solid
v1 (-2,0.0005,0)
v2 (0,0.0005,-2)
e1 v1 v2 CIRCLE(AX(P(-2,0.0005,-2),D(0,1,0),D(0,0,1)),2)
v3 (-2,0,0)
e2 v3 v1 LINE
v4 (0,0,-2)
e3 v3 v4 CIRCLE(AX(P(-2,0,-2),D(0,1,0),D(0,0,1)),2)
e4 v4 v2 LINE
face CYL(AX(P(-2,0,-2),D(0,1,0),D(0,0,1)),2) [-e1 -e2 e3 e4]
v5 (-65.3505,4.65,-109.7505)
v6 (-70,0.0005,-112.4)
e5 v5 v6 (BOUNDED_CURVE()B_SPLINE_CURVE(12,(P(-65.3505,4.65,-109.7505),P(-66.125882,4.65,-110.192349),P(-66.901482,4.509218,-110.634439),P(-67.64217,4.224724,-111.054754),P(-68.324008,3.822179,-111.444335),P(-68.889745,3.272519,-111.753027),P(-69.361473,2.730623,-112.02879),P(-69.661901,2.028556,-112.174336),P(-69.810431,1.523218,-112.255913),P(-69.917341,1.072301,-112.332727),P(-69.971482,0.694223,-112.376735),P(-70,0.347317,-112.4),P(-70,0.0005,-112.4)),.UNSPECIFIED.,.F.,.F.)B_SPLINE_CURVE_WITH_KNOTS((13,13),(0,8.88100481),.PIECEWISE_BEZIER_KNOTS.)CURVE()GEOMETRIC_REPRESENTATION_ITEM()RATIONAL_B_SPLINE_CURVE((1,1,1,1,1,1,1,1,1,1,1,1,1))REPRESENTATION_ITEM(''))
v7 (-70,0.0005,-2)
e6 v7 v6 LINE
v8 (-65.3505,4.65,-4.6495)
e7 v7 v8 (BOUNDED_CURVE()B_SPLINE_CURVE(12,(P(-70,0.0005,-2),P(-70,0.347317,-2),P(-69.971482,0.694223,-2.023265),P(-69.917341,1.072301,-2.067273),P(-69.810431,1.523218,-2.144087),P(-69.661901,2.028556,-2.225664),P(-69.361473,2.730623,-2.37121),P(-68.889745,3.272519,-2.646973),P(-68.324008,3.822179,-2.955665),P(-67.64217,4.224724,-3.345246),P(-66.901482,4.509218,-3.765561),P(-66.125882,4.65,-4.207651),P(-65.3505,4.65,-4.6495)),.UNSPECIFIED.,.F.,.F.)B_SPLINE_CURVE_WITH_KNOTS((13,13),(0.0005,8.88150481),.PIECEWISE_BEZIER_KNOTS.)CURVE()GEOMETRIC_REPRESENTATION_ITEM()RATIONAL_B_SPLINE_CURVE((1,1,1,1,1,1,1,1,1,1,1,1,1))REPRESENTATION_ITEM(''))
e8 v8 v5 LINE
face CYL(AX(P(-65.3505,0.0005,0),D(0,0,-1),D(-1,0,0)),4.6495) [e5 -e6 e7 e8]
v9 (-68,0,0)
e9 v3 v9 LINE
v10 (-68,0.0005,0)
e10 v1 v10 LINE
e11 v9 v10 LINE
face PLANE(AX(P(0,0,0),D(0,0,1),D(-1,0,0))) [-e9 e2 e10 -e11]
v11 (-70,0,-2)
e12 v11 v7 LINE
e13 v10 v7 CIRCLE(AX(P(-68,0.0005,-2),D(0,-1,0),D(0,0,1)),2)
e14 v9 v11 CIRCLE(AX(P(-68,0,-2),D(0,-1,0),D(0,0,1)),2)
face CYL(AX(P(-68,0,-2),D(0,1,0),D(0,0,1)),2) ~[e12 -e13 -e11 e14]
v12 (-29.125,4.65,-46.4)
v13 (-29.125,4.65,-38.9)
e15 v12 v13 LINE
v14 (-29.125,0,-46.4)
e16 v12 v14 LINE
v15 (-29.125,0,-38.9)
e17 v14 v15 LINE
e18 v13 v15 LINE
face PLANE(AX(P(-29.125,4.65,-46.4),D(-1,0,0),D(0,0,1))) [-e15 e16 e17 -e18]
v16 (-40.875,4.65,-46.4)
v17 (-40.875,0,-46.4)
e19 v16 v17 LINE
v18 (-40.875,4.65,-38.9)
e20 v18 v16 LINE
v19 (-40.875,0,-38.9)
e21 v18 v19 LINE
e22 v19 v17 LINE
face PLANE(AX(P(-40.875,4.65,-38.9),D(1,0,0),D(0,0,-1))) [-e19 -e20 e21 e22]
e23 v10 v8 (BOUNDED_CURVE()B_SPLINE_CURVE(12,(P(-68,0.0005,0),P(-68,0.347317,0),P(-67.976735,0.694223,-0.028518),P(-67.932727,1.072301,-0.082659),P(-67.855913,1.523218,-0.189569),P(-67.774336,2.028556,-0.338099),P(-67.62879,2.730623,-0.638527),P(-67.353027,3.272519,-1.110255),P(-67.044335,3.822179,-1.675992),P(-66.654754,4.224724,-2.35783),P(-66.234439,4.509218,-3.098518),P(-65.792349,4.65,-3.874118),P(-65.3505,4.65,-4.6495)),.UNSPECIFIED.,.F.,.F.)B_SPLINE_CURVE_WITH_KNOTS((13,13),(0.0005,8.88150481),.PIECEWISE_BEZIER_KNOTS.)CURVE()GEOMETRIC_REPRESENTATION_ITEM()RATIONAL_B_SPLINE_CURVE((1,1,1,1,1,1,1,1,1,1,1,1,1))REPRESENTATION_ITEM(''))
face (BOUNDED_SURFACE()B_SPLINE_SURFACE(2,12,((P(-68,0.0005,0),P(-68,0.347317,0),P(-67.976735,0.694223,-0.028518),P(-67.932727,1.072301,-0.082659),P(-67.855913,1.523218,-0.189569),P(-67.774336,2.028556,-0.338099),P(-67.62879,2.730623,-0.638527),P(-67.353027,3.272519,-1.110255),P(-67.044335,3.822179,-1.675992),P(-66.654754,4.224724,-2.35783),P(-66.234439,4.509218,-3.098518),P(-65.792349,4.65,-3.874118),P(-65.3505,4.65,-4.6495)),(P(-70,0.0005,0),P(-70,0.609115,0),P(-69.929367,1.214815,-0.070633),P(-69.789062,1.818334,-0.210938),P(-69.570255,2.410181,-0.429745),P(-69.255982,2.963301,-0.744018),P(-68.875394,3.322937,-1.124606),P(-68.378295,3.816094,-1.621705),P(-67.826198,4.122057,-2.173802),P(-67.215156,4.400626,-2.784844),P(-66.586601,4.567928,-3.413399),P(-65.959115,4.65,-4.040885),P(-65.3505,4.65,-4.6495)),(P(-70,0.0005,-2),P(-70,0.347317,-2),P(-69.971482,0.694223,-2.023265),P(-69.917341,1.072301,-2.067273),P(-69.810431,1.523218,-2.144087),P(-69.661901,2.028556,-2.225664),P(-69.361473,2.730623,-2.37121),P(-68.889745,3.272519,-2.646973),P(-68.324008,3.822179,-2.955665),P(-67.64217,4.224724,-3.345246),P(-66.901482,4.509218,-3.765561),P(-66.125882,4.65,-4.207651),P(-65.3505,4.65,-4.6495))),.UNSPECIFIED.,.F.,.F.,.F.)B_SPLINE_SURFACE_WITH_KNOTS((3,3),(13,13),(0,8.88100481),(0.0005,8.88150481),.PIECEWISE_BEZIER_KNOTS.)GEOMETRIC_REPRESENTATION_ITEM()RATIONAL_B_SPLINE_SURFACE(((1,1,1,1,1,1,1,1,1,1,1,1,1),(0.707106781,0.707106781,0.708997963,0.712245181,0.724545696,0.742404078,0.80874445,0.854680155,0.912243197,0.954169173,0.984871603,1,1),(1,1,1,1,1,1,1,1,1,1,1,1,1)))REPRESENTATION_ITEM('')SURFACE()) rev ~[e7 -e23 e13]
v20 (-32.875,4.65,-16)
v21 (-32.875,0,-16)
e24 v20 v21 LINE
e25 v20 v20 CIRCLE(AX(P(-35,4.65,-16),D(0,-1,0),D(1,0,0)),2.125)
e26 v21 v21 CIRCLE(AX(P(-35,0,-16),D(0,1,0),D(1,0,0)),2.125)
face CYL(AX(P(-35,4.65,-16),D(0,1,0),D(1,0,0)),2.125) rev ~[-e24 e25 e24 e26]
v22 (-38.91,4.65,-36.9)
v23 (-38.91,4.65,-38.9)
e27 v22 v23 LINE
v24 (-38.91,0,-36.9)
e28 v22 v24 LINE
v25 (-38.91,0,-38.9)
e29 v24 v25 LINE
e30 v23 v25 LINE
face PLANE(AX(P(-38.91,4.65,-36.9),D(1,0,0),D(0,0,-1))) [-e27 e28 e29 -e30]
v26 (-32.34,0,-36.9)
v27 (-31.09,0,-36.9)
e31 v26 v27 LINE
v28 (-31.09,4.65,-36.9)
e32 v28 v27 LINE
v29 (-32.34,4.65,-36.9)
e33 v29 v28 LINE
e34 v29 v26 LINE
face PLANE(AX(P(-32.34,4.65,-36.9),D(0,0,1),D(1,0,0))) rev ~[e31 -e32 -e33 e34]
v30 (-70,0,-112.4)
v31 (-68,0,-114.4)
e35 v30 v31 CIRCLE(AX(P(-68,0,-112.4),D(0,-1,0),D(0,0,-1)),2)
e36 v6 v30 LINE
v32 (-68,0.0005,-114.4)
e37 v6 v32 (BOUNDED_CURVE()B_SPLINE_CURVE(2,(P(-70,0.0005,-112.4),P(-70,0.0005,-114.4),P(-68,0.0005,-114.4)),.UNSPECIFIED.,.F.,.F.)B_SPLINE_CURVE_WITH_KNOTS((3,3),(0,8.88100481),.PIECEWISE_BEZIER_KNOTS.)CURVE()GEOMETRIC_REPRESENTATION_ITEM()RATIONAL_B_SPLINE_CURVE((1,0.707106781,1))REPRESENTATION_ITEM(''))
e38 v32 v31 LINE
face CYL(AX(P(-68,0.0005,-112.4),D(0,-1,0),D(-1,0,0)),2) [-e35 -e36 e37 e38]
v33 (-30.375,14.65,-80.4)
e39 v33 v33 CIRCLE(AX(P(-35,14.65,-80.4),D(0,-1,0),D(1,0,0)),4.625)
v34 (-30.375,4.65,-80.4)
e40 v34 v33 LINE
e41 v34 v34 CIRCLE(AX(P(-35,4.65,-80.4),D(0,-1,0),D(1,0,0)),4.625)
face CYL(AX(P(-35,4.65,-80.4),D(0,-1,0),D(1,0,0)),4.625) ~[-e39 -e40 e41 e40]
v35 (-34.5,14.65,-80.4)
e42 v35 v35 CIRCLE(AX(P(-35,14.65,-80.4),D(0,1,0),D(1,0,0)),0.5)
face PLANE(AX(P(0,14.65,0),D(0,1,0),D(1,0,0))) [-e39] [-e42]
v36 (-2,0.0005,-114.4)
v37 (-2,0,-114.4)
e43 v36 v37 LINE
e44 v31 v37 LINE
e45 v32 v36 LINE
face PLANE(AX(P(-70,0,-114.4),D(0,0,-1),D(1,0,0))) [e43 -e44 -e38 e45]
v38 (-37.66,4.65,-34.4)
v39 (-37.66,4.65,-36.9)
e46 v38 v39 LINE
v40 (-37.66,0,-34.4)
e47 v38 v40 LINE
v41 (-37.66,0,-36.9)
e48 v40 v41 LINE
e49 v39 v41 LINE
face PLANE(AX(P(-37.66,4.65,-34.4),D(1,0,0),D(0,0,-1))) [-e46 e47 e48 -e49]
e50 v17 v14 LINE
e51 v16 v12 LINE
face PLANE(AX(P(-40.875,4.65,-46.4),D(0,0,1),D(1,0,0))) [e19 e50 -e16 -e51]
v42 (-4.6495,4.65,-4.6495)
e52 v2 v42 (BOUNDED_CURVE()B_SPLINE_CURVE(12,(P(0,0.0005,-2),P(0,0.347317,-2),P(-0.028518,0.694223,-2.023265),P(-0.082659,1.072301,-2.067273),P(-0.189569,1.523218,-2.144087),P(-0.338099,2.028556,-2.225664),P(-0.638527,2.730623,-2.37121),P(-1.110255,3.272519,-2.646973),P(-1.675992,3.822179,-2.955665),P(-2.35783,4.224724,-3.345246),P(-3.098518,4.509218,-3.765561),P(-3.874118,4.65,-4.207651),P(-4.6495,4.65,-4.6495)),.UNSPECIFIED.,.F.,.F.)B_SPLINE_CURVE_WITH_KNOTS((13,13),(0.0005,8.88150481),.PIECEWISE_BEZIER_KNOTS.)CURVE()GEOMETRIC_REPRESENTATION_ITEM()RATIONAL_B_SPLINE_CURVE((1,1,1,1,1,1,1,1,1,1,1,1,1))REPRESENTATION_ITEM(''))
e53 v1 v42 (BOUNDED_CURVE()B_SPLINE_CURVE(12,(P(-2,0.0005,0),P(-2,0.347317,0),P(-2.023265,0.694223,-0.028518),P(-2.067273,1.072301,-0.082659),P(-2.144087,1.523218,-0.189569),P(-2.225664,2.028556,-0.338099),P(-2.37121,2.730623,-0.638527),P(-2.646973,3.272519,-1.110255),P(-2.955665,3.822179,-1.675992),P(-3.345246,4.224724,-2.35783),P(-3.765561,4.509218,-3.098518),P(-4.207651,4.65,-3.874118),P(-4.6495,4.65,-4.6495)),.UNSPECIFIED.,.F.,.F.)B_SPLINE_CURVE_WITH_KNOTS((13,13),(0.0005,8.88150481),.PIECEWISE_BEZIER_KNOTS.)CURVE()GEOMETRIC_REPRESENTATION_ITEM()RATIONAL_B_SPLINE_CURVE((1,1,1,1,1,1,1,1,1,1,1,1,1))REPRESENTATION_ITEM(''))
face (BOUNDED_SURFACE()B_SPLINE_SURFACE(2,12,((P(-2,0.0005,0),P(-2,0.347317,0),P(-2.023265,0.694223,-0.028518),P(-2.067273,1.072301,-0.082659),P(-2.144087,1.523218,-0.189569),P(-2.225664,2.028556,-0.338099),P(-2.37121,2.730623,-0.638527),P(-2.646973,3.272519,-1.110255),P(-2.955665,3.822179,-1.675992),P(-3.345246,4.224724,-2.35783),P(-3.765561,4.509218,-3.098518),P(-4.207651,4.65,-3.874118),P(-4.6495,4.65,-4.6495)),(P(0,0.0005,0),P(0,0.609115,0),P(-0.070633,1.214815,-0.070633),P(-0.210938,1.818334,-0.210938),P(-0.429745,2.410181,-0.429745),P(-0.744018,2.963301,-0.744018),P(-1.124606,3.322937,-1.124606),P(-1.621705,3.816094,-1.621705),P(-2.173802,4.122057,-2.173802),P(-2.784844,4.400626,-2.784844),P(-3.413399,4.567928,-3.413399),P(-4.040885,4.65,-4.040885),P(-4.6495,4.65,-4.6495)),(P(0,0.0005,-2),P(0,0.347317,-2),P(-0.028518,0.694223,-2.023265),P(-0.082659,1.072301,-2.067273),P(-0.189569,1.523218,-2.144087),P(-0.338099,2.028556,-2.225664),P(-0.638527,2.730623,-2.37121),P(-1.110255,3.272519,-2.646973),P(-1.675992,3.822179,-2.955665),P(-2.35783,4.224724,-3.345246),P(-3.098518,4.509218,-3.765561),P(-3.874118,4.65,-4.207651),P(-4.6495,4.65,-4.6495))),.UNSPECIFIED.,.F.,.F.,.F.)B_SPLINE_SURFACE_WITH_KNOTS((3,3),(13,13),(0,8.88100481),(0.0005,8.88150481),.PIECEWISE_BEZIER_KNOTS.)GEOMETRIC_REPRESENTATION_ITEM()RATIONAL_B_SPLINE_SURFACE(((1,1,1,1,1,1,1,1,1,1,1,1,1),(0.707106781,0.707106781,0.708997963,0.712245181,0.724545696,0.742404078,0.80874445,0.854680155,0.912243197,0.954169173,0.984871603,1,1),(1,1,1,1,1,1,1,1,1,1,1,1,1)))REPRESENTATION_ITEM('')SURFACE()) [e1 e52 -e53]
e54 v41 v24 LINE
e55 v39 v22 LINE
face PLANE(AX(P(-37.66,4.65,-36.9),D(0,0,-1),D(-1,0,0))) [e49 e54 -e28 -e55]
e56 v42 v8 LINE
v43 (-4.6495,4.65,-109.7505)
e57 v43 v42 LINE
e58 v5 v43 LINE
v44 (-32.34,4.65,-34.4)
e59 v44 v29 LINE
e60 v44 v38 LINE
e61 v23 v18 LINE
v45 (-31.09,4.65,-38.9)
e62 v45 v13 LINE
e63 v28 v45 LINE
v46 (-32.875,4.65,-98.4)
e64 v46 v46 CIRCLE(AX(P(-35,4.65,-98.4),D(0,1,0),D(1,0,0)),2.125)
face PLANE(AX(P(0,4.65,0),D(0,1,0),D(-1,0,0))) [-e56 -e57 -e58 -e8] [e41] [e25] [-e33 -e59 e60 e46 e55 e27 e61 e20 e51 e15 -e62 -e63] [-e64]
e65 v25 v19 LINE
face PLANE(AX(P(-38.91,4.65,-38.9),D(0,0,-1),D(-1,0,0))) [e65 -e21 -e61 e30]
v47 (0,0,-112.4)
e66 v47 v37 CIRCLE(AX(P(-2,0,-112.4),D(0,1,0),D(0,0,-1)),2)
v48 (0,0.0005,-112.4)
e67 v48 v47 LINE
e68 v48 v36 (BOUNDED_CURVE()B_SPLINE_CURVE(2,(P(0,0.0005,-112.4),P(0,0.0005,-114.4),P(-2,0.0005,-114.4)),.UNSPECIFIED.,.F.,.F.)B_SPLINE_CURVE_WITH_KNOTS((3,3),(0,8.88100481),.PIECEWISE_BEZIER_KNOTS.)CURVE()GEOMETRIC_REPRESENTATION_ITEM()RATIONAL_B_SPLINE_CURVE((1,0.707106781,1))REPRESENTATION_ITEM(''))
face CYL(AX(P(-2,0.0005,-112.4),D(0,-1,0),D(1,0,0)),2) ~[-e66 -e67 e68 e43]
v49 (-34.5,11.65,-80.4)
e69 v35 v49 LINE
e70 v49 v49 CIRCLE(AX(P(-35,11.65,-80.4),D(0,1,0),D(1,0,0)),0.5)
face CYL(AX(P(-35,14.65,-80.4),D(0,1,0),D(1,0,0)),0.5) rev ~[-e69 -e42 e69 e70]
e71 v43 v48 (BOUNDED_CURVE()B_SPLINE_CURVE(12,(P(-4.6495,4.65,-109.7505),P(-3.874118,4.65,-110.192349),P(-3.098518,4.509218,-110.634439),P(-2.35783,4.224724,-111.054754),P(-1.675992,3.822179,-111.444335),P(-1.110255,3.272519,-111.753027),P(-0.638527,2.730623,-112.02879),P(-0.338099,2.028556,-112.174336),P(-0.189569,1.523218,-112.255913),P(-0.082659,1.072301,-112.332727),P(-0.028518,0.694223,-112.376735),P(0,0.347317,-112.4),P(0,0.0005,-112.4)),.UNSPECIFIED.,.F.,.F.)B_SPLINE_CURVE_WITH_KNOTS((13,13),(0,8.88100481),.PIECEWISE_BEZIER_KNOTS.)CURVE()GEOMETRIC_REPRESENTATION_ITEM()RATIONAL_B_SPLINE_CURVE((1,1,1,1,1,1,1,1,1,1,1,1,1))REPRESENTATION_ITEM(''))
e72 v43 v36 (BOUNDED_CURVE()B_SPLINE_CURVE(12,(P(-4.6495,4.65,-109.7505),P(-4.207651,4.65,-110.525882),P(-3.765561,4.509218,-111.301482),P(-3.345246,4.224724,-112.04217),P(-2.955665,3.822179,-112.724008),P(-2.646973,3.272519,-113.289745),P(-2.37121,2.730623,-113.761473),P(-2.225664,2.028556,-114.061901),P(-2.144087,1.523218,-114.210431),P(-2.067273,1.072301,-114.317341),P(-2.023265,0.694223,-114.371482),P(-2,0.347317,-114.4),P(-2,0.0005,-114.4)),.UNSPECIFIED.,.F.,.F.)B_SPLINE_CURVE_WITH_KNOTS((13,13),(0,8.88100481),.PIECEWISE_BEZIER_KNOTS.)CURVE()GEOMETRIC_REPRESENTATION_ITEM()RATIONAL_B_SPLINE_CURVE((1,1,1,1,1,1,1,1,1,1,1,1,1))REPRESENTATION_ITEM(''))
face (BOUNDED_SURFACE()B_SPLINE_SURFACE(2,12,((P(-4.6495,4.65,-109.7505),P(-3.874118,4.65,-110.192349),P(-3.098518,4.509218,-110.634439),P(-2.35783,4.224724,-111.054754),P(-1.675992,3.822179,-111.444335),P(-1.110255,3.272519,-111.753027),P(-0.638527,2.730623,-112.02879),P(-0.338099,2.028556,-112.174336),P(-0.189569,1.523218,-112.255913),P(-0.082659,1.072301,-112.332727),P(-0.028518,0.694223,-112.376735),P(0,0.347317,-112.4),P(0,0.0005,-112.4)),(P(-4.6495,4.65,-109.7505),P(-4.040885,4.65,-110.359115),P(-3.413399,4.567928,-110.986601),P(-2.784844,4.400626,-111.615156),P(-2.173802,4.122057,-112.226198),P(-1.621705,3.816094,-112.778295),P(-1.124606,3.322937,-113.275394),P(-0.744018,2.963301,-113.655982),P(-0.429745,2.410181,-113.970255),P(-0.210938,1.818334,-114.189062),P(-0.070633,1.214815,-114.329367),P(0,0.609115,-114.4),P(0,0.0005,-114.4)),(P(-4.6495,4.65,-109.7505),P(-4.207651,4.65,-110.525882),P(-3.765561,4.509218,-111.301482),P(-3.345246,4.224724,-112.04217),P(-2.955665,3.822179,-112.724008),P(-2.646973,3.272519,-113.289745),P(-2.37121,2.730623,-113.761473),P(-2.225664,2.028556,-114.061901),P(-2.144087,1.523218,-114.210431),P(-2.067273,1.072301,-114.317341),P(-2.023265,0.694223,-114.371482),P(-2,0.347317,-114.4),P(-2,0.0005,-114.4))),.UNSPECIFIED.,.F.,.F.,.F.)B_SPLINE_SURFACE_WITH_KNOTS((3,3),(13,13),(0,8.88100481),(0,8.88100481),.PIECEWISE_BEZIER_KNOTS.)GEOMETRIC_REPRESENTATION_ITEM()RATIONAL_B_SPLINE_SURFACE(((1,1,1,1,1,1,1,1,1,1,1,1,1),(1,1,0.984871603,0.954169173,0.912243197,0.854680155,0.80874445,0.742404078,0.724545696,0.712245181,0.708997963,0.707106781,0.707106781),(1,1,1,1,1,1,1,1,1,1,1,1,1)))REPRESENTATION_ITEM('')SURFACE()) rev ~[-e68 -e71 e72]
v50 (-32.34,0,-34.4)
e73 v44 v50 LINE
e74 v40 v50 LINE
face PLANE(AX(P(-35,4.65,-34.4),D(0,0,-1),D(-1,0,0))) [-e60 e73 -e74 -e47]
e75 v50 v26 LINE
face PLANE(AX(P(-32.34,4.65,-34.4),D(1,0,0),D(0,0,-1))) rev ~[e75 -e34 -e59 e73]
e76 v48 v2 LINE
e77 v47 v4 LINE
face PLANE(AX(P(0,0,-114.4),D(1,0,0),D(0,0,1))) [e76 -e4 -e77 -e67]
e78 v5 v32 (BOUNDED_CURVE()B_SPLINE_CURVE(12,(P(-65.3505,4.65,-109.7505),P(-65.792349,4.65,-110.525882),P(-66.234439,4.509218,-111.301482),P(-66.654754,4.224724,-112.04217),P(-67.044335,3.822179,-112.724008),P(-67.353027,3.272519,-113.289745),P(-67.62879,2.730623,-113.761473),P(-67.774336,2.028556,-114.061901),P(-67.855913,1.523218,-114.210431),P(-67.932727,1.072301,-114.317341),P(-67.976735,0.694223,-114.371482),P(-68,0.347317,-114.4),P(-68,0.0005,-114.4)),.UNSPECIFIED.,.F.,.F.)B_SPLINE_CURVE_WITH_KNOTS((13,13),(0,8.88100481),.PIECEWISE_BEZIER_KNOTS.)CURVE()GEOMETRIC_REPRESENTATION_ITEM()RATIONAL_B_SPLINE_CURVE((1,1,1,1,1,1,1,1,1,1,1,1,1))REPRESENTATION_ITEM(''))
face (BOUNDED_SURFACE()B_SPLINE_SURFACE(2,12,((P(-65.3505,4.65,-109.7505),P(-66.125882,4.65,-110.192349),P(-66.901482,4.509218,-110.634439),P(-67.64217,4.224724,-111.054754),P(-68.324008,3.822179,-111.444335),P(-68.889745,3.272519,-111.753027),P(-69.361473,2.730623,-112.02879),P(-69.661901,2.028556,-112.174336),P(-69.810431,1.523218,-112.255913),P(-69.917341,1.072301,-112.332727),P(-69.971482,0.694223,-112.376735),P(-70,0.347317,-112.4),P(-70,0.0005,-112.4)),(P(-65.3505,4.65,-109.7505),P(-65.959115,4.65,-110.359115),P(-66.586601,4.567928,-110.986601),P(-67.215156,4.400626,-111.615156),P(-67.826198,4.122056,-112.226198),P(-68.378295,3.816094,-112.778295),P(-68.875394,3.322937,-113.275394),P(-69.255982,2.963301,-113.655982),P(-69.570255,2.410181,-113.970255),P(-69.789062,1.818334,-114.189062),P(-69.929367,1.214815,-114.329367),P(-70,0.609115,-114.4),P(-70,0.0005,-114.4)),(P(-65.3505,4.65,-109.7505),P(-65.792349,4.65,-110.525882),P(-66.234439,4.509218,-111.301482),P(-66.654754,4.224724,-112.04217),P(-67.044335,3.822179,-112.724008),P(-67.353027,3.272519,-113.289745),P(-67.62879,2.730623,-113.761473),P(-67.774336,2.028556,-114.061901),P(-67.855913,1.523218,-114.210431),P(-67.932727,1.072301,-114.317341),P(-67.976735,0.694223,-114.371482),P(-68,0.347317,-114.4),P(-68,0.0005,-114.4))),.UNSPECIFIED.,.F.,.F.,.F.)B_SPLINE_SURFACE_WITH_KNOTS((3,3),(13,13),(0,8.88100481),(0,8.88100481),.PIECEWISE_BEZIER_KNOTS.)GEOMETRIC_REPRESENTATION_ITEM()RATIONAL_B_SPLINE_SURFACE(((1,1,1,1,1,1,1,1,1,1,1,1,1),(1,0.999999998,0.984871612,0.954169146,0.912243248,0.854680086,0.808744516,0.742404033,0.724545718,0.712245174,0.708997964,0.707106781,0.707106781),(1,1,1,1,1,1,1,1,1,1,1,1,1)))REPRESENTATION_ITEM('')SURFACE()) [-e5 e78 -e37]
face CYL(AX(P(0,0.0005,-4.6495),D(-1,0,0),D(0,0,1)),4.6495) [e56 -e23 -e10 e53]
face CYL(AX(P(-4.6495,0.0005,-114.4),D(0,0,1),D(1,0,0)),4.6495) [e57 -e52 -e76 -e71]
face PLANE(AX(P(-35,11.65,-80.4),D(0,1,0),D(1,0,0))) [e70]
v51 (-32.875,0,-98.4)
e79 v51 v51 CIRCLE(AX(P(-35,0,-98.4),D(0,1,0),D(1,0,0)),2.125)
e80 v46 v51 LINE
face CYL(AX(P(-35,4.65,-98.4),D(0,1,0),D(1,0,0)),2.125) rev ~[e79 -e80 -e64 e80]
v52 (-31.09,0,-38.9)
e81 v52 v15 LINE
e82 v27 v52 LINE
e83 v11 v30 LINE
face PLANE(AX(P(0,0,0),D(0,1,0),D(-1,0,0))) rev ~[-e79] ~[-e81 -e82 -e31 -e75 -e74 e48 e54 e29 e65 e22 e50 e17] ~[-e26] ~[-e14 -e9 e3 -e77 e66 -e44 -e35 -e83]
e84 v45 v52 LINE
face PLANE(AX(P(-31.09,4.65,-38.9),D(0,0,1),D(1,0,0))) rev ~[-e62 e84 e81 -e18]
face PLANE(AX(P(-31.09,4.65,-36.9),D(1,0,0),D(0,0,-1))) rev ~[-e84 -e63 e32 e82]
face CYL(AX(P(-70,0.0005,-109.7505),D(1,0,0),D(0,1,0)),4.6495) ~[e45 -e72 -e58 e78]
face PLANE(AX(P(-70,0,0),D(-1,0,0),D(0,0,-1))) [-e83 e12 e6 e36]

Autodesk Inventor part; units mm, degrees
ref_plane "YZ Plane" through (0, 0, 0) normal (1, 0, 0) x (0, 1, 0)
ref_plane "XZ Plane" through (0, 0, 0) normal (0, 1, 0) x (-1, 0, 0)
ref_plane "XY Plane" through (0, 0, 0) normal (0, 0, 1) x (1, 0, 0)
sketch "Sketch1" plane through (0, 0, 0) normal (0, 1, 0) x (-1, 0, 0)
  line L0 (0, 0) -> (70, 0)
  line L1 (70, 0) -> (70, -114.4)
  line L2 (70, -114.4) -> (0, -114.4)
  line L3 (0, -114.4) -> (0, 0)
  dimension "d0" = 70
  dimension "d1" = 114.4
extrude "Extrusion1" add sketch "Sketch1" along normal blind 4.65
sketch "Sketch2" plane through (0, 4.65, 0) normal (0, 1, 0) x (1, 0, 0)
  line L0 (-70, 0) -> (0, 0) projected
  line L1 (0, 0) -> (-35, 0)
  line L2 (-35, 0) -> (-35, 16)
  circle A0 centre (-35, 16) radius 2.125
  line L3 (0, 0) -> (0, 114.4) projected
  line L4 (0, 0) -> (0, 114.4)
  line L5 (0, 57.2) -> (13.6816, 57.2)
  circle A1 centre (-35, 98.4) radius 2.125
  dimension "d4" = 35
  dimension "d5" = 16
  dimension "d6" = 90
  dimension "d7" = 4.25
extrude "Extrusion2" cut sketch "Sketch2" against normal blind 10
fillet "Fillet1" radius 4.65 4 edges at (-35, 4.65, -114.4) (0, 4.65, -57.2) (-35, 4.65, 0) (-70, 4.65, -57.2)
fillet "Fillet2" radius 2 4 edges at (-1.3618, 3.2882, -1.3618) (-68.6382, 3.2882, -1.3618) (-68.6382, 3.2882, -113.0382) (-1.3618, 3.2882, -113.0382)
sketch "Sketch3" plane through (0, 4.65, 0) normal (0, 1, 0) x (1, 0, 0)
  line L0 (0, 0) -> (0, 34.4)
  line L1 (0, 2) -> (0, 112.4) projected
  line L2 (0, 34.4) -> (-70, 34.4)
  line L3 (-70, 112.4) -> (-70, 2) projected
  line L4 (-35, 34.4) -> (-29.125, 34.4)
  line L5 (-29.125, 34.4) -> (-40.875, 34.4)
  line L6 (-40.875, 34.4) -> (-40.875, 46.4)
  line L7 (-40.875, 46.4) -> (-29.125, 46.4)
  line L8 (-29.125, 46.4) -> (-29.125, 34.4)
  line L9 (-35, 34.4) -> (-32.34, 34.4)
  line L10 (-32.34, 34.4) -> (-32.34, 36.9)
  line L11 (-32.34, 36.9) -> (-31.09, 36.9)
  line L12 (-31.09, 36.9) -> (-31.09, 38.9)
  line L13 (-31.09, 38.9) -> (-28.2521, 38.9)
  line L14 (-35, 34.4) -> (-35, 32.315)
  line L15 (-37.66, 34.4) -> (-37.66, 36.9)
  line L16 (-37.66, 36.9) -> (-38.91, 36.9)
  line L17 (-38.91, 36.9) -> (-38.91, 38.9)
  line L18 (-38.91, 38.9) -> (-41.7479, 38.9)
  point P0 (-40.875, 38.9)
  point P1 (-29.125, 38.9)
  dimension "d12" = 34.4
  dimension "d13" = 70
  dimension "d14" = 5.875
  dimension "d15" = 11.75
  dimension "d16" = 12
  dimension "d17" = 2.66
  dimension "d18" = 2.5
  dimension "d19" = 1.25
  dimension "d20" = 2
extrude "Extrusion3" cut sketch "Sketch3" against normal blind 10 contours L2 L15 L16 L17 L18 L6 L7 L8 L13 L12 L11 L10
sketch "Sketch4" plane through (0, 4.65, 0) normal (0, 1, 0) x (1, 0, 0)
  line L0 (0, 0) -> (0, 114.4)
  line L1 (0, 2) -> (0, 112.4) projected
  line L2 (0, 114.4) -> (-35, 114.4)
  line L3 (-2, 114.4) -> (-68, 114.4) projected
  line L4 (-35, 114.4) -> (-35, 80.4)
  circle A0 centre (-35, 80.4) radius 4.625
  dimension "d23" = 114.4
  dimension "d24" = 34
  dimension "d25" = 9.25
extrude "Extrusion4" add sketch "Sketch4" along normal blind 10
thread "Thread1" size "M10x1.5" class "6g" standard "ANSI Metric M Profile" full length
sketch "Sketch5" plane through (-35, 14.65, -80.4) normal (0, 1, 0) x (1, 0, 0)
  circle A0 centre (0, 0) radius 0.5
  point P0 (35, -80.4)
  dimension "d30" = 1
extrude "Extrusion5" cut sketch "Sketch5" against normal blind 3
properties part number "ethernet_coax_plug"
